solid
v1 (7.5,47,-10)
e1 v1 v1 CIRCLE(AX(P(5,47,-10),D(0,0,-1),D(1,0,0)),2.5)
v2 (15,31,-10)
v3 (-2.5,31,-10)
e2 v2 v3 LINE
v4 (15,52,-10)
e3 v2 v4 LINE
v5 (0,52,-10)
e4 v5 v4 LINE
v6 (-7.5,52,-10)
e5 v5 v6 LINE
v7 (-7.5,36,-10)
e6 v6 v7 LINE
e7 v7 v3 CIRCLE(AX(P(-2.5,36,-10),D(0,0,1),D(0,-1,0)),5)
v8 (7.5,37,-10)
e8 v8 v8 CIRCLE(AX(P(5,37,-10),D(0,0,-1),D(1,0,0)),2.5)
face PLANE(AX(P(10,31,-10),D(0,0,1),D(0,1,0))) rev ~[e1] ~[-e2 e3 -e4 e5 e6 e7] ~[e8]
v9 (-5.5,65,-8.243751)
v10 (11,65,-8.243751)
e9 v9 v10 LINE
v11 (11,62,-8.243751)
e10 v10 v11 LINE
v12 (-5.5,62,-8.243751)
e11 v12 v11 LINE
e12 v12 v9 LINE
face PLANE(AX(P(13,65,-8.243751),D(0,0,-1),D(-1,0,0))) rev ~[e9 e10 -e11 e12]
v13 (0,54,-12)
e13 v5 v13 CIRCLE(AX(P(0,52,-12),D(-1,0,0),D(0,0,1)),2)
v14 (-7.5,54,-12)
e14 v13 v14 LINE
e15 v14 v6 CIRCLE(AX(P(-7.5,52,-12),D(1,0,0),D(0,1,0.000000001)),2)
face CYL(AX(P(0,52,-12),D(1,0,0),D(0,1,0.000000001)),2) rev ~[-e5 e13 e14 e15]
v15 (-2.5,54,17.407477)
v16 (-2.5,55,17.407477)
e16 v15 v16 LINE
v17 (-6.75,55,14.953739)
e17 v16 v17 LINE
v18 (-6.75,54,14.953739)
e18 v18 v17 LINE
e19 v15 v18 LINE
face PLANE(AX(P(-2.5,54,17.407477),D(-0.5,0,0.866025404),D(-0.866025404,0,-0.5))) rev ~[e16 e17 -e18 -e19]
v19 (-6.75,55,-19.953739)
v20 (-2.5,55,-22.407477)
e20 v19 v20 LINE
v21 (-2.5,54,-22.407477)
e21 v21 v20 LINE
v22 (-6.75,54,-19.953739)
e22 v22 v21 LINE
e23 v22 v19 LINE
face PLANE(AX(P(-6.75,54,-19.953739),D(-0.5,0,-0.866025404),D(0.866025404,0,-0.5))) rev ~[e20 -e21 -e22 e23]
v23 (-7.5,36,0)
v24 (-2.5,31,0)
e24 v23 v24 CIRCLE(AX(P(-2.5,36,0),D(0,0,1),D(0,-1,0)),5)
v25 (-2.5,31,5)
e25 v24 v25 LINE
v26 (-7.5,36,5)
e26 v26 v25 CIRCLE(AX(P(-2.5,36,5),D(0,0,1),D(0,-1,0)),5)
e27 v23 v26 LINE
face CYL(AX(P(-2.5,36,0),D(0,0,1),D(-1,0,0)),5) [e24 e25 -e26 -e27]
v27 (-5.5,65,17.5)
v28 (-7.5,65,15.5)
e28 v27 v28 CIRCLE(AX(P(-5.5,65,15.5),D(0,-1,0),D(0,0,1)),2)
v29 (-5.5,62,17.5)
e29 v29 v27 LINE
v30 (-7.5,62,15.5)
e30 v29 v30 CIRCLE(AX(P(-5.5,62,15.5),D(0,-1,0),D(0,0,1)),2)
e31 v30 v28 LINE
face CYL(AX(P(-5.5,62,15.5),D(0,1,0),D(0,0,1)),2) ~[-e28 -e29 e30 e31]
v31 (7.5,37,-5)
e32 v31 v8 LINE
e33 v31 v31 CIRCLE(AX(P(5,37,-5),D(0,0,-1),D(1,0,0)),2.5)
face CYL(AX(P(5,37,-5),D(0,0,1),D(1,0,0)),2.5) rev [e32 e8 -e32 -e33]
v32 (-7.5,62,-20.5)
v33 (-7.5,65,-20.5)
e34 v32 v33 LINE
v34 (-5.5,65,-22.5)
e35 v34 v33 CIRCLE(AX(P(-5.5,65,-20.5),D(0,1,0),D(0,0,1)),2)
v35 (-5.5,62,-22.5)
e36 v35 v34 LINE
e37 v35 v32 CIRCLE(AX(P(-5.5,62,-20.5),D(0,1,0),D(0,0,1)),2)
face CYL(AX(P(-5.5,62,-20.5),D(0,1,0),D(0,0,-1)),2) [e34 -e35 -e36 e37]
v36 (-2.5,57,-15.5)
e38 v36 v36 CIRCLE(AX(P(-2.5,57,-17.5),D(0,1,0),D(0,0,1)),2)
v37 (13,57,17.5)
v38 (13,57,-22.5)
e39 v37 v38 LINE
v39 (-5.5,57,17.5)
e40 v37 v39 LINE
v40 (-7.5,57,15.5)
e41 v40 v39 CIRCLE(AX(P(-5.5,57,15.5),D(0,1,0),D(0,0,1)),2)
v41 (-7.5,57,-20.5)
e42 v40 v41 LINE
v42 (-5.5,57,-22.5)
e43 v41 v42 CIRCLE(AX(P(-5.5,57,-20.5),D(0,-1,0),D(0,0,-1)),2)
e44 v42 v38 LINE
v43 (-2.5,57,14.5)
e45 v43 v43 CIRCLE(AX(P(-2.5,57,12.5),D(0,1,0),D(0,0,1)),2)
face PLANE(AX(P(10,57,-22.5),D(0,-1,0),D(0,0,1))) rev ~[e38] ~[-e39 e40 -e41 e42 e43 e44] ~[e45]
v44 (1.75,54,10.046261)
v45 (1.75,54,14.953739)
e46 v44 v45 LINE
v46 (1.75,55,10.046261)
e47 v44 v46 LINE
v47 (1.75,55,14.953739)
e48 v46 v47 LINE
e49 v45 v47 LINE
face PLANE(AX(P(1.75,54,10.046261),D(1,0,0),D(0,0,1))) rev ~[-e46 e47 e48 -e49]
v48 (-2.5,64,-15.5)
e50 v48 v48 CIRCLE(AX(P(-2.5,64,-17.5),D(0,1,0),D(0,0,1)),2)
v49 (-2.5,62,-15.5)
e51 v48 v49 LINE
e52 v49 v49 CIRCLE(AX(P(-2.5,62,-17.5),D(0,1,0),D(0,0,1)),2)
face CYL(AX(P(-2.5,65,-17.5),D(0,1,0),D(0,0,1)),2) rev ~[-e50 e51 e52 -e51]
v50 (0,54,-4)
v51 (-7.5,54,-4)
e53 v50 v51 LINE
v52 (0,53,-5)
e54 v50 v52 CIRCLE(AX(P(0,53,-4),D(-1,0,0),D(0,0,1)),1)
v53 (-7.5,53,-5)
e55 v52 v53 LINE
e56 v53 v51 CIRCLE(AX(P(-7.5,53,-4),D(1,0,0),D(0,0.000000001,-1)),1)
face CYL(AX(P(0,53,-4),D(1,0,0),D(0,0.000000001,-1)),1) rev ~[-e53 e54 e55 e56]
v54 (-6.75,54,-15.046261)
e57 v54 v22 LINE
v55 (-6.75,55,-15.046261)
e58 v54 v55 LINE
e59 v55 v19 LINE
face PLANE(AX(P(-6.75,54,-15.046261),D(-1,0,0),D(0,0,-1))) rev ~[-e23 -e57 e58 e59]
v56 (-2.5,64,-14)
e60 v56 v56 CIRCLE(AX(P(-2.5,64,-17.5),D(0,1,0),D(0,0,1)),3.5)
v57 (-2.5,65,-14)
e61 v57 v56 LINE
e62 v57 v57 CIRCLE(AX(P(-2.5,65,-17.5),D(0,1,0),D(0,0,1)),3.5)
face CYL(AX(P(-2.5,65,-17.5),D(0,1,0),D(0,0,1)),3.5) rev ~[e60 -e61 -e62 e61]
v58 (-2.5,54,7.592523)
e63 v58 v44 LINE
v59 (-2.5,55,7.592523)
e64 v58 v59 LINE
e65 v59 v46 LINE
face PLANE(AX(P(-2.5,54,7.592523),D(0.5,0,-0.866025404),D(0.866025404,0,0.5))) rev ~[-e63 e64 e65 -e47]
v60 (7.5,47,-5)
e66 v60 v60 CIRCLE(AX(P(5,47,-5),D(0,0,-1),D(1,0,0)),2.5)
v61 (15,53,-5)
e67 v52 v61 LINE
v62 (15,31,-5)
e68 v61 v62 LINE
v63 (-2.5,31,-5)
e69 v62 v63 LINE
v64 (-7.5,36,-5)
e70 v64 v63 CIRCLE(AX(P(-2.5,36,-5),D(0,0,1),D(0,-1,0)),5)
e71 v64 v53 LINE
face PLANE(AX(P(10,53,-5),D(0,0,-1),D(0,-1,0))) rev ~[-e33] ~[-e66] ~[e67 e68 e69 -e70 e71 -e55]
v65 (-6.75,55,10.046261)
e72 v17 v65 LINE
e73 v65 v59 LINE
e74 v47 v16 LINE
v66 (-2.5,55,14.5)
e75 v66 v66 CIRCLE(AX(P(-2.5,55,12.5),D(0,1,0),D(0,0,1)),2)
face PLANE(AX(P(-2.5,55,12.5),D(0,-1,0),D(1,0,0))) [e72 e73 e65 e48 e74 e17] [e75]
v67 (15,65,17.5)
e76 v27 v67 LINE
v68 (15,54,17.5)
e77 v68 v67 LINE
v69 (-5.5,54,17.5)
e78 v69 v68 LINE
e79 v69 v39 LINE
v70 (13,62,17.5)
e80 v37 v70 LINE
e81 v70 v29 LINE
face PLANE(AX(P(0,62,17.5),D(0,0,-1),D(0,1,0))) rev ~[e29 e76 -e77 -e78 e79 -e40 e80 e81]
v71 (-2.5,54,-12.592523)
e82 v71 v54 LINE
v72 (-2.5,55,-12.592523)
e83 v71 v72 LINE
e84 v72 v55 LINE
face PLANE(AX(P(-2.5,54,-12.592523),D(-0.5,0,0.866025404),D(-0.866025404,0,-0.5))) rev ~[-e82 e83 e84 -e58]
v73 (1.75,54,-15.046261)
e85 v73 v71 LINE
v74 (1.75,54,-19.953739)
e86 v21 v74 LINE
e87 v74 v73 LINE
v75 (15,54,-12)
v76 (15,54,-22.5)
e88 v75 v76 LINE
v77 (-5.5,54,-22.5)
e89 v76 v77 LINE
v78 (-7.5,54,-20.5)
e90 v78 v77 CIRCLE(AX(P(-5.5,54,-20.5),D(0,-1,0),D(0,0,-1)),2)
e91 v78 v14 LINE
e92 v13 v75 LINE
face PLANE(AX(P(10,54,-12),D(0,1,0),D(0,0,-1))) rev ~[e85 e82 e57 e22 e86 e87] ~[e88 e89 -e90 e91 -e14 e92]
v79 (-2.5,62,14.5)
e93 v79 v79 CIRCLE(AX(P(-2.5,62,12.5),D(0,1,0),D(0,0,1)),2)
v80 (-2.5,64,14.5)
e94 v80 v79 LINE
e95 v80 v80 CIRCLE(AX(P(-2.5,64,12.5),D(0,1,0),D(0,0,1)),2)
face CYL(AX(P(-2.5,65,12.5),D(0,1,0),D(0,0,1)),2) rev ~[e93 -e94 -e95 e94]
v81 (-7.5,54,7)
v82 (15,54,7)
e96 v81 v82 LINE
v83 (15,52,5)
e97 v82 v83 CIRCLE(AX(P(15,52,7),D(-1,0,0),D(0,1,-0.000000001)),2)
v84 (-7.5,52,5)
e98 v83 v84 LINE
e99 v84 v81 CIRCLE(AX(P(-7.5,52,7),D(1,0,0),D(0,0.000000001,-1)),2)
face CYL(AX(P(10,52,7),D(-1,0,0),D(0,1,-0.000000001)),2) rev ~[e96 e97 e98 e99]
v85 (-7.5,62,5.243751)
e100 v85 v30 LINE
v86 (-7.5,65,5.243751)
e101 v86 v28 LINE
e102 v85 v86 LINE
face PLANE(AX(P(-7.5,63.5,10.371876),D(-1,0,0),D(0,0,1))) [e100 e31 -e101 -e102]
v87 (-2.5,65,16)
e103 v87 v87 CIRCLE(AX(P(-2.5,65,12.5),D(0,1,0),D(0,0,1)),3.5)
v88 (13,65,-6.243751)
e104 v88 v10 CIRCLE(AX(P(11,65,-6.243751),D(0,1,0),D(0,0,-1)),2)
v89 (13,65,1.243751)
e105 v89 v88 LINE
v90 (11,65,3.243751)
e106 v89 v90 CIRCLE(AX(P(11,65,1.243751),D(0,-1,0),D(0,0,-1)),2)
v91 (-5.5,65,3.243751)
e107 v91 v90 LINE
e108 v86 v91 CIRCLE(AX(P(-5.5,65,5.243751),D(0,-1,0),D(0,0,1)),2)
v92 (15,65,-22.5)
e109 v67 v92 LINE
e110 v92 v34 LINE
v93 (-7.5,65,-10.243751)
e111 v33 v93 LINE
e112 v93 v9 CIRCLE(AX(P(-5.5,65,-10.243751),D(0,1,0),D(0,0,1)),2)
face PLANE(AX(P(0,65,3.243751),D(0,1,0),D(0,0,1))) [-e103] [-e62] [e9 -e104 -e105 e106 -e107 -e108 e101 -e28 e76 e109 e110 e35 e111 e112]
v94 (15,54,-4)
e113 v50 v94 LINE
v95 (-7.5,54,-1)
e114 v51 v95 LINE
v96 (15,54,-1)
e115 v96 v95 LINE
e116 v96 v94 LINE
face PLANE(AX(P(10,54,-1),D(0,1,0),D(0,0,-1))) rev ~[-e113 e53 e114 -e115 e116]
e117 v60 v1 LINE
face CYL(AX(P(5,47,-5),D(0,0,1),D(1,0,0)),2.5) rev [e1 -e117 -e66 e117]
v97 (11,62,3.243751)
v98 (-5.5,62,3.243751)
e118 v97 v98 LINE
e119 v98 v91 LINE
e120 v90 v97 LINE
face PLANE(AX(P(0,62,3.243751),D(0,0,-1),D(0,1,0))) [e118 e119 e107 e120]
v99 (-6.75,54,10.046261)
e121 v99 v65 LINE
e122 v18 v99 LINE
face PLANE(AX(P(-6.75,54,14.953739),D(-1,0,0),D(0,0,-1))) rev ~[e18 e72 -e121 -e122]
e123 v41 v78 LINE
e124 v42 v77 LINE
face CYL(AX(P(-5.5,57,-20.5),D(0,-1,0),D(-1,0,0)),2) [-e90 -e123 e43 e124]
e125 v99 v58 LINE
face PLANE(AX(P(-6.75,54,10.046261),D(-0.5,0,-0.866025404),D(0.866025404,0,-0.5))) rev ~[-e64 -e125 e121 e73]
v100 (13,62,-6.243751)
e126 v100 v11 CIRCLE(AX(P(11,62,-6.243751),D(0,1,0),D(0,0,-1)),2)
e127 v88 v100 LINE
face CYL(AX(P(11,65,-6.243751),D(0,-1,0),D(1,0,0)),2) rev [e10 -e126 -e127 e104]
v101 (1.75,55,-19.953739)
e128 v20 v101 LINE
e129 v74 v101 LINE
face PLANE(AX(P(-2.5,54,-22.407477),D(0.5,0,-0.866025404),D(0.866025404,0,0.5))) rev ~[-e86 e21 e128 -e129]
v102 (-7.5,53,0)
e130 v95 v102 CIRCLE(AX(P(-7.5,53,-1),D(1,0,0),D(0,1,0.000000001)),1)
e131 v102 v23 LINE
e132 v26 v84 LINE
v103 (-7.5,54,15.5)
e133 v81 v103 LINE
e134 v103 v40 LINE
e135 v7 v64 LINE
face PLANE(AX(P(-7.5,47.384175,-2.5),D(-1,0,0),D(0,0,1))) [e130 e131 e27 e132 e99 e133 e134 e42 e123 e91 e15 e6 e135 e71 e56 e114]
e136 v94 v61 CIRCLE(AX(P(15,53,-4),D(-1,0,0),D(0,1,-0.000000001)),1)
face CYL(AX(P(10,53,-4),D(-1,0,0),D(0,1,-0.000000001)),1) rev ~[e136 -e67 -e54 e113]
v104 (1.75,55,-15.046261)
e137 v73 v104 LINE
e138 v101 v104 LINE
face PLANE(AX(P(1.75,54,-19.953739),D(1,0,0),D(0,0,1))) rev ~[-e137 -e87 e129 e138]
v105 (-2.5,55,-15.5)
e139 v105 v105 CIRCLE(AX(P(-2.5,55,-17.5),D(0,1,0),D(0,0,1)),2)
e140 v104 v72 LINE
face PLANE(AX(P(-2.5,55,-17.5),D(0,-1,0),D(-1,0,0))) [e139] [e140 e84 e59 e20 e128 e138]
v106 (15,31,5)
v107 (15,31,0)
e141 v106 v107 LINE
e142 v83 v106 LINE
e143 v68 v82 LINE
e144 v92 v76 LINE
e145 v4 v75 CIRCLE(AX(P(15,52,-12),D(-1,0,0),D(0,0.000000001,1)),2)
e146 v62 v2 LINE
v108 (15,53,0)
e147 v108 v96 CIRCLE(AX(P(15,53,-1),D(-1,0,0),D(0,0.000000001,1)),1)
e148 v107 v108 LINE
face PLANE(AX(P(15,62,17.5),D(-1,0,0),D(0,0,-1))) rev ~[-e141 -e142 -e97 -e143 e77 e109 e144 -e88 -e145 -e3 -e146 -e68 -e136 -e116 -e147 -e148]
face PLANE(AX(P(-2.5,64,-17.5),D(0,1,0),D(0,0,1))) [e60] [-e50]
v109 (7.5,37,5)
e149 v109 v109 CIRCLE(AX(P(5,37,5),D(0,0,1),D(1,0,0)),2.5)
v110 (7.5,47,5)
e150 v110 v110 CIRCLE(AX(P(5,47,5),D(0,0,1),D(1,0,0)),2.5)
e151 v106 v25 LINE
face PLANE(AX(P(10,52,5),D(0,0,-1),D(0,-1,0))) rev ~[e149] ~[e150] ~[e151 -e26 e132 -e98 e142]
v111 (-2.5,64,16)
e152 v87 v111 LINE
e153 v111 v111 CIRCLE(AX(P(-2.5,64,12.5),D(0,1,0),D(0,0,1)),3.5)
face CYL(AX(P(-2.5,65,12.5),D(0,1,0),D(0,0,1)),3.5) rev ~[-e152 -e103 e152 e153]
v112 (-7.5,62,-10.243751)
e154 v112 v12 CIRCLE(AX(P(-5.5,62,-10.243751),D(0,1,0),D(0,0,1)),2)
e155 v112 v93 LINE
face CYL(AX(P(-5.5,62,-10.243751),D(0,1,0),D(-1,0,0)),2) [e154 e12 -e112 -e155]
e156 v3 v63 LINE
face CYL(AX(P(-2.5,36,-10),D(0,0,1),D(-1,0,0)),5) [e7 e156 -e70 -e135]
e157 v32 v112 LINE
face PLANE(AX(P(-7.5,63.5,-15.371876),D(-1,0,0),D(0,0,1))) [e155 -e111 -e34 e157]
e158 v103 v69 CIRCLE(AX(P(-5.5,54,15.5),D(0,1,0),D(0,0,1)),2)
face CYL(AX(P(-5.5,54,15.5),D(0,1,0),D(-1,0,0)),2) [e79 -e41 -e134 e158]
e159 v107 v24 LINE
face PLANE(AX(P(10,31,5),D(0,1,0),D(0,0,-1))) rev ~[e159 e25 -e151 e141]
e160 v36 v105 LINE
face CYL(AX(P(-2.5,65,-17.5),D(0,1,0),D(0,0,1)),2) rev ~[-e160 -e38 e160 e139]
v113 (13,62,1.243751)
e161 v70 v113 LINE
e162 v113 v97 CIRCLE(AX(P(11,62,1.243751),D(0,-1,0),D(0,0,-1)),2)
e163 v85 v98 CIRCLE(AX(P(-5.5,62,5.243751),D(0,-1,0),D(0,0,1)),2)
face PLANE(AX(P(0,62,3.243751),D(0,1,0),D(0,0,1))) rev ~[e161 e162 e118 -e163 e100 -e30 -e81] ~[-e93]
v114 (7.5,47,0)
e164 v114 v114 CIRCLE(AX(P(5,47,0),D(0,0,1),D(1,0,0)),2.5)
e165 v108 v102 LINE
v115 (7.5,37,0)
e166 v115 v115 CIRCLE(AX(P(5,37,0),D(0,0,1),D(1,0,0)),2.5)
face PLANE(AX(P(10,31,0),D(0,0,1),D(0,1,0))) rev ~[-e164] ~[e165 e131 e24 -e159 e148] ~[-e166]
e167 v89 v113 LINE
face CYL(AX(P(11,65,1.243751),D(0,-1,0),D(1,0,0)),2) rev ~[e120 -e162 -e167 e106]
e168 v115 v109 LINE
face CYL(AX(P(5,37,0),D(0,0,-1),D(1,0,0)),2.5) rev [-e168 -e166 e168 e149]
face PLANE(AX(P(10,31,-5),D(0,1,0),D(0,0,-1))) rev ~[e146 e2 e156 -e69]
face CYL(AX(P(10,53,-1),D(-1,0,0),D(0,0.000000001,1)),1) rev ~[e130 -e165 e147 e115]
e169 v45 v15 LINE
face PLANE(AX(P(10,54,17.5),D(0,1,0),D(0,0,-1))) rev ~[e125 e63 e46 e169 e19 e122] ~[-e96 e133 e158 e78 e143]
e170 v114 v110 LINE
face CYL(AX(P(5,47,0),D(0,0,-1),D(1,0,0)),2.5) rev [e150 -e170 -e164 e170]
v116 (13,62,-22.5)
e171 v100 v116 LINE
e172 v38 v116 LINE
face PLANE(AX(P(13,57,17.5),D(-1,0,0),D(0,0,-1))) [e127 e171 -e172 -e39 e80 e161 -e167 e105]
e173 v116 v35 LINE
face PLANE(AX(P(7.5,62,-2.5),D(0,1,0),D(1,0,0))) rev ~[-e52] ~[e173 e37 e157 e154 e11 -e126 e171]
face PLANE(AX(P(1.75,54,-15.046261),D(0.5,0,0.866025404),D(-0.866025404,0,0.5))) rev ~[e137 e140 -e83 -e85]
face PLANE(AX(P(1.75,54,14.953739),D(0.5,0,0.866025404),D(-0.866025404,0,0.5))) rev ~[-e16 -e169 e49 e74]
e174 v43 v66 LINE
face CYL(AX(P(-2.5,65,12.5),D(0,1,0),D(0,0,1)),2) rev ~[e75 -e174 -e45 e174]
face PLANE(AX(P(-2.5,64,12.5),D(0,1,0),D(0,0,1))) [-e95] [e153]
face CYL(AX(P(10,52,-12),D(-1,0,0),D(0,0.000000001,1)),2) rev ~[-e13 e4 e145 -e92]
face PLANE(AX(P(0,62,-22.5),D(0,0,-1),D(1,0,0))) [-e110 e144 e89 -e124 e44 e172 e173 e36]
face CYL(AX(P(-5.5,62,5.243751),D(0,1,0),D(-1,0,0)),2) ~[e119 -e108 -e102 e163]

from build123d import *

# Parameters (mm, degrees)
SKETCH2_W            = 10
SKETCH2_H            = 21
SKETCH2_R            = 2.5
BOSS_EXTRUDE1_DEPTH  = 5
BOSS_EXTRUDE3_START  = 5
SKETCH3_W            = 10
SKETCH3_H            = 21
SKETCH3_R            = 2.5
BOSS_EXTRUDE3_DEPTH  = 5
SKETCH4_W            = 10
SKETCH4_H            = 5
BOSS_EXTRUDE4_DEPTH  = 2
SKETCH5_W            = 10
SKETCH5_H            = 5
BOSS_EXTRUDE5_DEPTH  = 2
BOSS_EXTRUDE6_DEPTH  = 3
FILLET1_R            = 1
FILLET2_R            = 2
BOSS_EXTRUDE7_DEPTH  = 5
SKETCH9_W            = 2
SKETCH9_H            = 40
BOSS_EXTRUDE8_DEPTH  = 5
SKETCH10_W           = 15
SKETCH10_H           = 40
BOSS_EXTRUDE9_DEPTH  = 3
CUT_EXTRUDE1_DEPTH   = 3
SKETCH13_W           = 14.256248666
SKETCH13_H           = 3
BOSS_EXTRUDE10_DEPTH = 7.5
SKETCH14_R           = 2
CUT_EXTRUDE2_DEPTH   = 44.44249072
SKETCH15_R           = 3.5
CUT_EXTRUDE3_DEPTH   = 1
CUT_EXTRUDE4_DEPTH   = 1
CUT_EXTRUDE5_DEPTH   = 1
FILLET3_R            = 5
FILLET4_R            = 2
FILLET5_R            = 2


with BuildPart() as part:
    # Sketch2 → Boss-Extrude1 (new body)
    with BuildSketch(Plane.XY):
        with Locations((5, 41.5)):
            Rectangle(SKETCH2_W, SKETCH2_H)
        with Locations((5, 47)):
            Circle(SKETCH2_R, mode=Mode.SUBTRACT)
        with Locations((5, 37)):
            Circle(SKETCH2_R, mode=Mode.SUBTRACT)
    extrude(amount=BOSS_EXTRUDE1_DEPTH)

    # Sketch4 → Boss-Extrude4 (add)
    with BuildSketch(Plane(origin=(0, 52, 0), x_dir=(1, 0, 0), z_dir=(0, 1, 0))):
        with Locations((5, -2.5)):
            Rectangle(SKETCH4_W, SKETCH4_H)
    extrude(amount=BOSS_EXTRUDE4_DEPTH)



with BuildPart() as body_2:
    # Sketch3 → Boss-Extrude3 (new body)
    with BuildSketch(Plane(origin=(0, 0, 0), x_dir=(-1, 0, 0), z_dir=(0, 0, -1)).offset(BOSS_EXTRUDE3_START)):
        with Locations((-5, 41.5)):
            Rectangle(SKETCH3_W, SKETCH3_H)
        with Locations(Location((-5, 37, 0), (0, 0, 180))):
            Circle(SKETCH3_R, mode=Mode.SUBTRACT)
        with Locations(Location((-5, 47, 0), (0, 0, 180))):
            Circle(SKETCH3_R, mode=Mode.SUBTRACT)
    extrude(amount=BOSS_EXTRUDE3_DEPTH)

    # Sketch5 → Boss-Extrude5 (add)
    with BuildSketch(Plane(origin=(0, 52, 0), x_dir=(1, 0, 0), z_dir=(0, 1, 0))):
        with Locations((5, 7.5)):
            Rectangle(SKETCH5_W, SKETCH5_H)
    extrude(amount=BOSS_EXTRUDE5_DEPTH)


with BuildPart() as part_1:
    add(part.part)

    add(body_2.part)  # Boss-Extrude6 merges body 2
    # Sketch6 → Boss-Extrude6 (add)
    with BuildSketch(Plane(origin=(0, 54, 0), x_dir=(1, 0, 0), z_dir=(0, 1, 0))):
        Polygon((10, -5), (10, -17.5), (0, -17.5), (0, -5), (0, 10), (0, 22.5), (10, 22.5), (10, 10), align=None)
    extrude(amount=BOSS_EXTRUDE6_DEPTH)

    # Fillet1
    fillet1_edges = [part_1.edges().sort_by_distance(p)[0] for p in [
        (5, 54, 0),
        (5, 54, -5),
    ]]
    fillet(fillet1_edges, radius=FILLET1_R)

    # Fillet2
    fillet2_edges = [part_1.edges().sort_by_distance(p)[0] for p in [
        (5, 54, 5),
        (5, 54, -10),
    ]]
    fillet(fillet2_edges, radius=FILLET2_R)

    # Sketch8 → Boss-Extrude7 (add)
    with BuildSketch(Plane(origin=(10, 0, 0), x_dir=(0, 0, -1), z_dir=(1, 0, 0))):
        with BuildLine():
            Line((0, 31), (0, 53))
            ThreePointArc((0, 53), (0.292893219, 53.707106781), (1, 54))
            Line((1, 54), (4, 54))
            ThreePointArc((4, 54), (4.707106781, 53.707106781), (5, 53))
            Line((5, 53), (5, 31))
            Line((5, 31), (10, 31))
            Line((10, 31), (10, 52))
            ThreePointArc((10, 52), (10.585786438, 53.414213562), (12, 54))
            Line((12, 54), (22.5, 54))
            Line((22.5, 54), (22.5, 57))
            Line((22.5, 57), (-17.5, 57))
            Line((-17.5, 57), (-17.5, 54))
            Line((-17.5, 54), (-7, 54))
            ThreePointArc((-7, 54), (-5.585786438, 53.414213562), (-5, 52))
            Line((-5, 52), (-5, 31))
            Line((-5, 31), (0, 31))
        make_face()
    extrude(amount=BOSS_EXTRUDE7_DEPTH)

    # Sketch9 → Boss-Extrude8 (add)
    with BuildSketch(Plane(origin=(0, 57, 0), x_dir=(1, 0, 0), z_dir=(0, 1, 0))):
        with Locations((14, 2.5)):
            Rectangle(SKETCH9_W, SKETCH9_H)
    extrude(amount=BOSS_EXTRUDE8_DEPTH)

    # Sketch10 → Boss-Extrude9 (add)
    with BuildSketch(Plane(origin=(0, 62, 0), x_dir=(1, 0, 0), z_dir=(0, 1, 0))):
        with Locations((7.5, 2.5)):
            Rectangle(SKETCH10_W, SKETCH10_H)
    extrude(amount=BOSS_EXTRUDE9_DEPTH)

    # Sketch12 → Cut-Extrude1 (cut)
    with BuildSketch(Plane(origin=(0, 65, 0), x_dir=(1, 0, 0), z_dir=(0, 1, 0))):
        Polygon((13, 8.243751334), (2, 8.243751334), (0, 8.243751334), (0, -3.243751334), (2, -3.243751334), (13, -3.243751334), align=None)
    extrude(amount=-CUT_EXTRUDE1_DEPTH, mode=Mode.SUBTRACT)

    # Sketch13 → Boss-Extrude10 (add)
    with BuildSketch(Plane.ZY):
        with Locations((10.371875667, 63.5)):
            Rectangle(SKETCH13_W, SKETCH13_H)
        with BuildLine():
            Line((-4, 54), (-1, 54))
            ThreePointArc((-1, 54), (-0.292893219, 53.707106781), (0, 53))
            Line((0, 53), (0, 31))
            Line((0, 31), (5, 31))
            Line((5, 31), (5, 52))
            ThreePointArc((5, 52), (5.585786438, 53.414213562), (7, 54))
            Line((7, 54), (17.5, 54))
            Line((17.5, 54), (17.5, 57))
            Line((17.5, 57), (-22.5, 57))
            Line((-22.5, 57), (-22.5, 54))
            Line((-22.5, 54), (-12, 54))
            ThreePointArc((-12, 54), (-10.585786438, 53.414213562), (-10, 52))
            Line((-10, 52), (-10, 31))
            Line((-10, 31), (-5, 31))
            Line((-5, 31), (-5, 53))
            ThreePointArc((-5, 53), (-4.707106781, 53.707106781), (-4, 54))
        make_face()
        with Locations((-15.371875667, 63.5)):
            Rectangle(SKETCH13_W, SKETCH13_H)
    extrude(amount=BOSS_EXTRUDE10_DEPTH)

    # Sketch14 → Cut-Extrude2 (cut, through all)
    with BuildSketch(Plane(origin=(0, 65, 0), x_dir=(1, 0, 0), z_dir=(0, 1, 0))):
        with Locations(Location((-2.5, -12.5, 0), (0, 0, 270))):
            Circle(SKETCH14_R)
        with Locations(Location((-2.5, 17.5, 0), (0, 0, 270))):
            Circle(SKETCH14_R)
    extrude(amount=-CUT_EXTRUDE2_DEPTH, mode=Mode.SUBTRACT)

    # Sketch15 → Cut-Extrude3 (cut)
    with BuildSketch(Plane(origin=(0, 65, 0), x_dir=(1, 0, 0), z_dir=(0, 1, 0))):
        with Locations(Location((-2.5, 17.5, 0), (0, 0, 270))):
            Circle(SKETCH15_R)
        with Locations(Location((-2.5, -12.5, 0), (0, 0, 270))):
            Circle(SKETCH15_R)
    extrude(amount=-CUT_EXTRUDE3_DEPTH, mode=Mode.SUBTRACT)

    # Sketch16 → Cut-Extrude4 (cut)
    with BuildSketch(Plane.XZ.offset(-54)):
        Polygon((-6.75, 14.953738644), (-6.75, 10.046261356), (-2.5, 7.592522712), (1.75, 10.046261356), (1.75, 14.953738644), (-2.5, 17.407477288), align=None)
    extrude(amount=-CUT_EXTRUDE4_DEPTH, mode=Mode.SUBTRACT)

    # Sketch17 → Cut-Extrude5 (cut)
    with BuildSketch(Plane(origin=(0, 54, 0), x_dir=(-1, 0, 0), z_dir=(0, -1, 0))):
        Polygon((6.75, 15.046261356), (6.75, 19.953738644), (2.5, 22.407477288), (-1.75, 19.953738644), (-1.75, 15.046261356), (2.5, 12.592522712), align=None)
    extrude(amount=-CUT_EXTRUDE5_DEPTH, mode=Mode.SUBTRACT)

    # Fillet3
    fillet3_edges = [part_1.edges().sort_by_distance(p)[0] for p in [
        (-7.5, 31, 2.5),
        (-7.5, 31, -7.5),
    ]]
    fillet(fillet3_edges, radius=FILLET3_R)

    # Fillet4
    fillet4_edges = [part_1.edges().sort_by_distance(p)[0] for p in [
        (-7.5, 55.5, 17.5),
        (-7.5, 55.5, -22.5),
        (-7.5, 63.5, 17.5),
        (-7.5, 63.5, 3.243751334),
        (-7.5, 63.5, -22.5),
        (-7.5, 63.5, -8.243751334),
    ]]
    fillet(fillet4_edges, radius=FILLET4_R)

    # Fillet5
    fillet5_edges = [part_1.edges().sort_by_distance(p)[0] for p in [
        (13, 63.5, -8.243751334),
        (13, 63.5, 3.243751334),
    ]]
    fillet(fillet5_edges, radius=FILLET5_R)


solid = part_1.part
